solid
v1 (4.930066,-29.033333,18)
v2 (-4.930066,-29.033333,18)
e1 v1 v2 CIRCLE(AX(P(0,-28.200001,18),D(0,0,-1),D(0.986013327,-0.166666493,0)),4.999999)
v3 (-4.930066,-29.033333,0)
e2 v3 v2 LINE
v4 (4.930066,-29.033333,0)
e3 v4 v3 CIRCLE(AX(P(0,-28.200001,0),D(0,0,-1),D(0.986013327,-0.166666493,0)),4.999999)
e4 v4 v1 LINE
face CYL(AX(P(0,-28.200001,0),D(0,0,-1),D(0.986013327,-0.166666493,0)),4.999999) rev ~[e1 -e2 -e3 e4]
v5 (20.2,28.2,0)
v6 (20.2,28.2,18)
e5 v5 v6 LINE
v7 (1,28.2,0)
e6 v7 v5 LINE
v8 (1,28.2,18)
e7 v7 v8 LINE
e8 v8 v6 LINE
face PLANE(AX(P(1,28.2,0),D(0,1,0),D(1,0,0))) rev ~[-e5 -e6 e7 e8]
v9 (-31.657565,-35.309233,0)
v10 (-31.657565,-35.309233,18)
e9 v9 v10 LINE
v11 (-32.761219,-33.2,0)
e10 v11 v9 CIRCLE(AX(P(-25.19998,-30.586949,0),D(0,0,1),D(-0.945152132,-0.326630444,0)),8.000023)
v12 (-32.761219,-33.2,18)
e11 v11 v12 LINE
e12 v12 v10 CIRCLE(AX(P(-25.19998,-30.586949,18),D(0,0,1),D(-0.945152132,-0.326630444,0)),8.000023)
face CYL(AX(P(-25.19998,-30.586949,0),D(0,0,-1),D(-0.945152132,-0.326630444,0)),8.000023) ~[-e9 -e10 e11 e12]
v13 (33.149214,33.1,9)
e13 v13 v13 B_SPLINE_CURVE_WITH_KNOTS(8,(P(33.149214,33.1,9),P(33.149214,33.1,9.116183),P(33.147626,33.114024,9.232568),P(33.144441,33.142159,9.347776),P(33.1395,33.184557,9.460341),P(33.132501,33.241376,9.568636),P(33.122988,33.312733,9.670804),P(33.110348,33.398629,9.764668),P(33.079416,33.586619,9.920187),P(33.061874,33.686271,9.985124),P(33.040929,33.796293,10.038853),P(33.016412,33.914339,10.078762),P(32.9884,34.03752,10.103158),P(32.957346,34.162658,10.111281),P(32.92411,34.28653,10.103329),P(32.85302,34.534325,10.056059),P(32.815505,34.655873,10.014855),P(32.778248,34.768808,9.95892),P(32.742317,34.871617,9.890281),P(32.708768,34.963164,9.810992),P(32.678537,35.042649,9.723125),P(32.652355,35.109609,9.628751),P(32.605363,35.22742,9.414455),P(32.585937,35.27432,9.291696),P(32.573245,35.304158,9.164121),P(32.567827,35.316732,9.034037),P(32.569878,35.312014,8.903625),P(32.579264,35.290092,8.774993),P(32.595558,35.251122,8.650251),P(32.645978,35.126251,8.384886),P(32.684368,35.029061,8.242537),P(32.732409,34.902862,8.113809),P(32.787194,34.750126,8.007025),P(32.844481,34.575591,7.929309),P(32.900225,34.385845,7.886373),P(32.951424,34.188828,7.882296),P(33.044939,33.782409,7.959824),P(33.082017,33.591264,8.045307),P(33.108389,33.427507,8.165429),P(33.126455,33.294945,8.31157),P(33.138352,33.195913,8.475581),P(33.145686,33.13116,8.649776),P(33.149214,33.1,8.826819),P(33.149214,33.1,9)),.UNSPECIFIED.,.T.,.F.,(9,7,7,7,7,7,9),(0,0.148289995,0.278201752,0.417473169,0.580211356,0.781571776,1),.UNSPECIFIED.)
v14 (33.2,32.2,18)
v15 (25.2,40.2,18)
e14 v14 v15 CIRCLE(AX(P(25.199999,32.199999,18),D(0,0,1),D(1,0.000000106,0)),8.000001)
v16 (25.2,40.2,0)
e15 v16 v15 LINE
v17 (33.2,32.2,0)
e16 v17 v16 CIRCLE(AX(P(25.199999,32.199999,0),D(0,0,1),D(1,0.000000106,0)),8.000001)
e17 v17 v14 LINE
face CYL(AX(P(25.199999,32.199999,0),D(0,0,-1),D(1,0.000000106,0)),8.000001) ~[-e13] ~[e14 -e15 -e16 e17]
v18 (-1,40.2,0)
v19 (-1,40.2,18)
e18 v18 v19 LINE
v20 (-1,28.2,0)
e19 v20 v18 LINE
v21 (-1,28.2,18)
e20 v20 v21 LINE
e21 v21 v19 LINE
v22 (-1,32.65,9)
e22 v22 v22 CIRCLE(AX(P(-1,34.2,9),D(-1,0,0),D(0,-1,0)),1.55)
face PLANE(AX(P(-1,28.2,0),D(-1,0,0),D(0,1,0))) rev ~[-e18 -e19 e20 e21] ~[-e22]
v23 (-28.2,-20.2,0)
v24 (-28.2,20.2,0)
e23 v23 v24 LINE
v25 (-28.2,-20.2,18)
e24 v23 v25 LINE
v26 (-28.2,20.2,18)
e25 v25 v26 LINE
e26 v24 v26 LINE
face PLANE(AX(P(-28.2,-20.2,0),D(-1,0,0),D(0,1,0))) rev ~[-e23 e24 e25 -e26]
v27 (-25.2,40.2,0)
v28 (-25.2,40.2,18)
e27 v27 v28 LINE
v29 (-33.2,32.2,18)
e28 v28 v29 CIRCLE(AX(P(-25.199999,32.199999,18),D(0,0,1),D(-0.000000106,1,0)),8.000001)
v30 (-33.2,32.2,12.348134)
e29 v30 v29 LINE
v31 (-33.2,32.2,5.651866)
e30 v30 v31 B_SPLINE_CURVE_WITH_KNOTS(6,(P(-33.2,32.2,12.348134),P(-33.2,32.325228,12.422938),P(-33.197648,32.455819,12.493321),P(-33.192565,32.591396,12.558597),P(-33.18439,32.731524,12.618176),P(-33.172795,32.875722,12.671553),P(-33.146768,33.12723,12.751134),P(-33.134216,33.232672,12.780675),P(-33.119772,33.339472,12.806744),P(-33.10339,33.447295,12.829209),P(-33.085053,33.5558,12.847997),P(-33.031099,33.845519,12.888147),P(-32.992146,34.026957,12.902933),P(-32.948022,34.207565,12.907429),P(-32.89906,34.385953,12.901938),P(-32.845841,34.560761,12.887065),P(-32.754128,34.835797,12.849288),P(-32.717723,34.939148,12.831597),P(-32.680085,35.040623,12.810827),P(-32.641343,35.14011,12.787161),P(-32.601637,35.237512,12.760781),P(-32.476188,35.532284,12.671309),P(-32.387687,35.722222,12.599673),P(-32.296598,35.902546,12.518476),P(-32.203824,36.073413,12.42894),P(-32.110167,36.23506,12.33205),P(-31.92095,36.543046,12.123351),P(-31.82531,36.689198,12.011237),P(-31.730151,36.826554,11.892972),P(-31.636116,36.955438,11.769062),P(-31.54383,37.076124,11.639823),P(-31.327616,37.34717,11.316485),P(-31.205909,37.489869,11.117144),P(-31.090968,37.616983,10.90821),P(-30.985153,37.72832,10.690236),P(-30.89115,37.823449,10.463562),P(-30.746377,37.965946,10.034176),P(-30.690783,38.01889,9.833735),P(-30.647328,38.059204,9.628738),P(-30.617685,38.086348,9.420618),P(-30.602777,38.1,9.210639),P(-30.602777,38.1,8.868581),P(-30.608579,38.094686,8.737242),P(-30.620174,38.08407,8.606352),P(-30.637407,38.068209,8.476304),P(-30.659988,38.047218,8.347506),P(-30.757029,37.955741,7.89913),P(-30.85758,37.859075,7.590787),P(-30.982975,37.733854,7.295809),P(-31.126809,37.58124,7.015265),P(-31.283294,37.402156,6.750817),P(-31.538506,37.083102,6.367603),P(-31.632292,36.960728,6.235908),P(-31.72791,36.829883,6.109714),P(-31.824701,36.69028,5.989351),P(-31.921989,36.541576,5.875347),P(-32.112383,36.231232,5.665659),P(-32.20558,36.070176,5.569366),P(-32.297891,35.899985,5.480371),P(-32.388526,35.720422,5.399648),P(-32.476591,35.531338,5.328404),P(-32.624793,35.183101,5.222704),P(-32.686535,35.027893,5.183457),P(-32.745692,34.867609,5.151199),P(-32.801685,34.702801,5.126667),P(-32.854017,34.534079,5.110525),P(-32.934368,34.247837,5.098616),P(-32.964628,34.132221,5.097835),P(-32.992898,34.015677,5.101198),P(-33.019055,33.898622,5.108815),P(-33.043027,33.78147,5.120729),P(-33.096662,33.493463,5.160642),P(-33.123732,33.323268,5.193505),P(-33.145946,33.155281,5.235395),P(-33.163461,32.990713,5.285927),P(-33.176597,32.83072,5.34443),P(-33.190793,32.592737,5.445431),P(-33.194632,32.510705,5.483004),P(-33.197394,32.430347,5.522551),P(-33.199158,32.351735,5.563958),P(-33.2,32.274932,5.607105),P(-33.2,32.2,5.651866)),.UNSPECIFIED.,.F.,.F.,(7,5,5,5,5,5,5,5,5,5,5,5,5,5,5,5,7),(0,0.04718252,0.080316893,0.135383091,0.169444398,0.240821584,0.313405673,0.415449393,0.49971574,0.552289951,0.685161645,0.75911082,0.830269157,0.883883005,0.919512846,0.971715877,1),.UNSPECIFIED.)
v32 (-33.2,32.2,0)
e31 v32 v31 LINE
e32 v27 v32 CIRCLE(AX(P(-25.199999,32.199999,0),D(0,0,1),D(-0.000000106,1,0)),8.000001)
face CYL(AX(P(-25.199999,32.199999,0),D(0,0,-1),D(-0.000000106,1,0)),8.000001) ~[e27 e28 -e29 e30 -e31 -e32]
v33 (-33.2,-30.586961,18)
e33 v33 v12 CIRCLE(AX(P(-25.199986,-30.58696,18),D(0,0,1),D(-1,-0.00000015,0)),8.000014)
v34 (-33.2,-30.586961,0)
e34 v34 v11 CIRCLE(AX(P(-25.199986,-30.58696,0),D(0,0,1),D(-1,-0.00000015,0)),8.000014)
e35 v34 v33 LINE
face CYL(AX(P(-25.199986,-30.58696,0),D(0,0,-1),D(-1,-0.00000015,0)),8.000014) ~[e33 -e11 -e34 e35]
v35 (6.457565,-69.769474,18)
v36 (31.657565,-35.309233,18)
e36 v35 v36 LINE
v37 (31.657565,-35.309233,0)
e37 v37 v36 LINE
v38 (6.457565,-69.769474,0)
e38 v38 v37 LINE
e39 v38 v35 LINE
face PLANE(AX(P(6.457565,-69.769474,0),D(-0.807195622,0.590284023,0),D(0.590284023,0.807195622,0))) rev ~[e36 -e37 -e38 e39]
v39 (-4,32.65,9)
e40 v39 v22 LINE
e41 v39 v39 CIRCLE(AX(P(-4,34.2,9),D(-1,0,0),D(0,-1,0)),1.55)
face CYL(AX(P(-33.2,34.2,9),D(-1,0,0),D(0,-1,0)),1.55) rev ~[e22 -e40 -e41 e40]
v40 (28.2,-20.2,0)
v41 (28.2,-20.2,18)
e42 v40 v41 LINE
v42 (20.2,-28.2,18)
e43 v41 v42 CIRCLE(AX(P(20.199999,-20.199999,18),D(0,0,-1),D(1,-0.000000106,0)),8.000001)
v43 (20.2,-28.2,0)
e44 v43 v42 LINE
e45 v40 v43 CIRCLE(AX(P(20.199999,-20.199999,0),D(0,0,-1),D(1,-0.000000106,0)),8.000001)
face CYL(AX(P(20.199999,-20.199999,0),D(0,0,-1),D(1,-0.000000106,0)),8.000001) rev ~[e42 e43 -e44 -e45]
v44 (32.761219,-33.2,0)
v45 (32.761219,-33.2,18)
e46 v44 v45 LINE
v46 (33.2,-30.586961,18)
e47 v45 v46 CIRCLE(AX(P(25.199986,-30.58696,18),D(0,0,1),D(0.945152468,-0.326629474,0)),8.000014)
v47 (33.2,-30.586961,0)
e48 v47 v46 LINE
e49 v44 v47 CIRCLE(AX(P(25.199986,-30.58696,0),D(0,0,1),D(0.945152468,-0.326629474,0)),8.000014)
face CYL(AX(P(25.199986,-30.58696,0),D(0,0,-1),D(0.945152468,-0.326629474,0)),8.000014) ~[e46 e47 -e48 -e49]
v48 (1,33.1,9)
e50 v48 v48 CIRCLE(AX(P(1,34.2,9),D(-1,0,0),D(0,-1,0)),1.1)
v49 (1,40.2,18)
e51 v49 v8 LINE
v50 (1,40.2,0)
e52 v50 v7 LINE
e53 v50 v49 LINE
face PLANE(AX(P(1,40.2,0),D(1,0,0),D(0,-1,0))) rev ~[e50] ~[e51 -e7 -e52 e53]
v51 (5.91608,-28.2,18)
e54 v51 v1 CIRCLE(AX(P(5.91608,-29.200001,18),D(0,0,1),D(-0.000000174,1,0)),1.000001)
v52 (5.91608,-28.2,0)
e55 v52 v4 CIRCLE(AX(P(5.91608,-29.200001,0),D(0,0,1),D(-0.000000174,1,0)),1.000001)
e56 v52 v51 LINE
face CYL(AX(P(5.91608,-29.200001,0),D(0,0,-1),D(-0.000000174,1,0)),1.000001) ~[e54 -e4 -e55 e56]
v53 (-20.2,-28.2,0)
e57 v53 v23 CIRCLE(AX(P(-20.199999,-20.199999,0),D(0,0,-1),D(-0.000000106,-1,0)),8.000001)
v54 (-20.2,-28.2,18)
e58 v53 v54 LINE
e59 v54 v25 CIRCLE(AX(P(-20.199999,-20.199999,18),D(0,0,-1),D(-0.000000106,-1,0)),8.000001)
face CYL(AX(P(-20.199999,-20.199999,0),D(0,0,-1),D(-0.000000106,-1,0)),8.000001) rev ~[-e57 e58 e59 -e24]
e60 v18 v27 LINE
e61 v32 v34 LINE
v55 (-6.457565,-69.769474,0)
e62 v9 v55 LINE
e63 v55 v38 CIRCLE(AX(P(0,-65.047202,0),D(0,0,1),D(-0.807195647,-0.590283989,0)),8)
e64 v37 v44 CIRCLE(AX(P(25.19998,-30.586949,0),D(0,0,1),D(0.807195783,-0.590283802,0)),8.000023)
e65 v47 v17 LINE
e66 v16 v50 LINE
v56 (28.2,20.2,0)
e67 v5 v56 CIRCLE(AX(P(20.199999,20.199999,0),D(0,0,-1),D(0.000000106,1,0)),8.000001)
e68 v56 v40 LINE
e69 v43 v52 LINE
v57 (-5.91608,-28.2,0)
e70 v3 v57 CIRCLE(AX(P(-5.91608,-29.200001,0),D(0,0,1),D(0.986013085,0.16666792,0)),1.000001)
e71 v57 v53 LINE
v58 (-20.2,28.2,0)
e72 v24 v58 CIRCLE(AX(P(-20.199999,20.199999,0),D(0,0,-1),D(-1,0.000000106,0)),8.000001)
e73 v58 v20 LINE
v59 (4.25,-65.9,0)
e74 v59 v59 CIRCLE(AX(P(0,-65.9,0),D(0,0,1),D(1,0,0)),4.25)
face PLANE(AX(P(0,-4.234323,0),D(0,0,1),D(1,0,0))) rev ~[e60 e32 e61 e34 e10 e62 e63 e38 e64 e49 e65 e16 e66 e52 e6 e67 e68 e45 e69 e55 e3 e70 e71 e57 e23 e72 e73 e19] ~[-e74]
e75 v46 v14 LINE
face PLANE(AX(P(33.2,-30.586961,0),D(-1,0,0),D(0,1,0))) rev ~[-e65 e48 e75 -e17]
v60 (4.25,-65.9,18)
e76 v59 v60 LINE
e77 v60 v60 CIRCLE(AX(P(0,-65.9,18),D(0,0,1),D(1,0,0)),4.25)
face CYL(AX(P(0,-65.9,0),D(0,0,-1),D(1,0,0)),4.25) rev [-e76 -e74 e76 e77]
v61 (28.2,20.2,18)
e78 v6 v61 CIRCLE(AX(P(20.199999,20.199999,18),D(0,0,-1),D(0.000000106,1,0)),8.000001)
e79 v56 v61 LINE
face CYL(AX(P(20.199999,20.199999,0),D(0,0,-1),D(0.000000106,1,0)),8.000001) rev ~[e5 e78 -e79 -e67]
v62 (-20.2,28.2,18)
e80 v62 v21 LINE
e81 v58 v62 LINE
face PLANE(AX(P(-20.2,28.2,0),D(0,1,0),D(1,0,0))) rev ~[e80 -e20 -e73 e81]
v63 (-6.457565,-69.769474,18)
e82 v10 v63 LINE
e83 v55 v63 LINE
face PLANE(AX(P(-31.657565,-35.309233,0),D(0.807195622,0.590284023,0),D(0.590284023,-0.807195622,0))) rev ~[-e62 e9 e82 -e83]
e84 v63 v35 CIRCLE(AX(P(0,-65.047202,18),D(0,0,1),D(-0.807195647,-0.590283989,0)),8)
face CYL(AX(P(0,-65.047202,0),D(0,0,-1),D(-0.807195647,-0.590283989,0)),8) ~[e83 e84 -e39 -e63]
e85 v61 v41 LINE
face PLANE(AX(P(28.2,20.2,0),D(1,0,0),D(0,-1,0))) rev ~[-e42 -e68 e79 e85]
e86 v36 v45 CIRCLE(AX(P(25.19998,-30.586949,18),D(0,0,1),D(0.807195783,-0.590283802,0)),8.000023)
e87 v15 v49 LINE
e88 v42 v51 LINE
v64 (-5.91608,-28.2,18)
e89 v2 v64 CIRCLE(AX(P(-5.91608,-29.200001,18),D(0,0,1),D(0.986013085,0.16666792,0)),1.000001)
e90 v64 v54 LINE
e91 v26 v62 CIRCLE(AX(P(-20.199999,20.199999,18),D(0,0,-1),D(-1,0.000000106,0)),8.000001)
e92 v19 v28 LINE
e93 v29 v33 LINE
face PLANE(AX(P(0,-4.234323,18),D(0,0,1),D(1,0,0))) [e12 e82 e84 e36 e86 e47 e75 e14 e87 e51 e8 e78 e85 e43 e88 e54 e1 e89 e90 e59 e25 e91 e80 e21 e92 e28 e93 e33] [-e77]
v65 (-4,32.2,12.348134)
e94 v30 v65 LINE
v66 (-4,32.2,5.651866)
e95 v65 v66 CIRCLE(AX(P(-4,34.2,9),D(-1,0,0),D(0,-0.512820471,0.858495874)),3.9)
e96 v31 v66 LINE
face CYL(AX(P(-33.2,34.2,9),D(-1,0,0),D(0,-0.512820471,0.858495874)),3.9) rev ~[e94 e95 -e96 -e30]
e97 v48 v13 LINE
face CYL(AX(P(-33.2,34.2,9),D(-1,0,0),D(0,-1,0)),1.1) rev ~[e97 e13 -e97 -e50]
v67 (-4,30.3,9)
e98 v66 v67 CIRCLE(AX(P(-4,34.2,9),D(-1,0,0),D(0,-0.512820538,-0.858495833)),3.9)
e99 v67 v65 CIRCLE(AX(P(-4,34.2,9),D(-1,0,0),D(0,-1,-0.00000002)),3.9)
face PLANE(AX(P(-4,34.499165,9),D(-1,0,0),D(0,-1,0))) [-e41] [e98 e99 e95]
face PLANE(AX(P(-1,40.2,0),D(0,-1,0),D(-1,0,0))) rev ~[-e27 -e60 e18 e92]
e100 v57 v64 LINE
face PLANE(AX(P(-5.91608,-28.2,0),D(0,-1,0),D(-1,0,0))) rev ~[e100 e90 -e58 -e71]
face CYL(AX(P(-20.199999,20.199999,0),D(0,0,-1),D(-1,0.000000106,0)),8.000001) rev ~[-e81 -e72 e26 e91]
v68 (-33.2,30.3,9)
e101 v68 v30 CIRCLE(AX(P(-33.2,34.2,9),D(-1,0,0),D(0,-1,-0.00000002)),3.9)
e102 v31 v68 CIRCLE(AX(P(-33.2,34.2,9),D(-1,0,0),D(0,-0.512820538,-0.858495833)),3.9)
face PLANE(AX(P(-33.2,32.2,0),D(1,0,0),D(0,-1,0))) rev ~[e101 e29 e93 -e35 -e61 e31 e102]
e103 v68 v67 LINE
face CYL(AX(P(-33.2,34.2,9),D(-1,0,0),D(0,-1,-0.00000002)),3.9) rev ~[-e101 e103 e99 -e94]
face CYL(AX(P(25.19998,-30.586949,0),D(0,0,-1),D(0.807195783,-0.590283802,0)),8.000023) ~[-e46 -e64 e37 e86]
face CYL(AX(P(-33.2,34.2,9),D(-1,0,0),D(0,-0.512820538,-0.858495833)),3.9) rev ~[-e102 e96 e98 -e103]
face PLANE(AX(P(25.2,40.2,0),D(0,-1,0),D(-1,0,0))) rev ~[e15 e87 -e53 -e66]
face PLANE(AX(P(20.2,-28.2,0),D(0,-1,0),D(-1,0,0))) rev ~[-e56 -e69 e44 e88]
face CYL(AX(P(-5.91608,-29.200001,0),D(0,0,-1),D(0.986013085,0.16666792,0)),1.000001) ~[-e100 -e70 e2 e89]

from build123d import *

# Parameters (mm, degrees)
F0_R     = 4.25
F1_DEPTH = 18
F2_R     = 1.1
F3_DEPTH = 66.401
F2_R_2   = 1.55
F4_DEPTH = 33.2
F5_DEPTH = 29.2


with BuildPart() as f1:
    # F0 (on Top) → F1 (new body)
    with BuildSketch(Plane.XY):
        with BuildLine():
            ThreePointArc((32.761219, -33.2), (33.089542, -31.911773), (33.2, -30.586961))
            Line((33.2, -30.586961), (33.2, 32.2))
            ThreePointArc((33.2, 32.2), (30.856854, 37.856854), (25.2, 40.2))
            Line((25.2, 40.2), (1, 40.2))
            Line((1, 40.2), (1, 33.2))
            Line((1, 33.2), (1, 28.2))
            Line((1, 28.2), (20.2, 28.2))
            ThreePointArc((20.2, 28.2), (25.856854, 25.856854), (28.2, 20.2))
            Line((28.2, 20.2), (28.2, -20.2))
            ThreePointArc((28.2, -20.2), (25.856854, -25.856854), (20.2, -28.2))
            Line((20.2, -28.2), (5.91608, -28.2))
            ThreePointArc((5.91608, -28.2), (5.270583, -28.436237), (4.930066, -29.033333))
            ThreePointArc((4.930066, -29.033333), (0, -33.2), (-4.930066, -29.033333))
            ThreePointArc((-4.930066, -29.033333), (-5.270583, -28.436237), (-5.91608, -28.2))
            Line((-5.91608, -28.2), (-20.2, -28.2))
            ThreePointArc((-20.2, -28.2), (-25.856854, -25.856854), (-28.2, -20.2))
            Line((-28.2, -20.2), (-28.2, 20.2))
            ThreePointArc((-28.2, 20.2), (-25.856854, 25.856854), (-20.2, 28.2))
            Line((-20.2, 28.2), (-1, 28.2))
            Line((-1, 28.2), (-1, 33.2))
            Line((-1, 33.2), (-1, 40.2))
            Line((-1, 40.2), (-25.2, 40.2))
            ThreePointArc((-25.2, 40.2), (-30.856854, 37.856854), (-33.2, 32.2))
            Line((-33.2, 32.2), (-33.2, -30.586961))
            ThreePointArc((-33.2, -30.586961), (-33.089542, -31.911773), (-32.761219, -33.2))
            ThreePointArc((-32.761219, -33.2), (-32.288285, -34.295898), (-31.657565, -35.309233))
            Line((-31.657565, -35.309233), (-6.457565, -69.769474))
            ThreePointArc((-6.457565, -69.769474), (0, -73.047202), (6.457565, -69.769474))
            Line((6.457565, -69.769474), (31.657565, -35.309233))
            ThreePointArc((31.657565, -35.309233), (32.288285, -34.295898), (32.761219, -33.2))
        make_face()
        with Locations((0, -65.9)):
            Circle(F0_R, mode=Mode.SUBTRACT)
    extrude(amount=F1_DEPTH)

    # F2 (on face) → F3 (cut, through all)
    with BuildSketch(Plane(origin=(-33.2, 0, 0), x_dir=(0, -1, 0), z_dir=(-1, 0, 0))):
        with Locations((-34.2, 9)):
            Circle(F2_R)
    extrude(amount=-F3_DEPTH, mode=Mode.SUBTRACT)

    # F2 (on face) → F4 (cut)
    with BuildSketch(Plane(origin=(-33.2, 0, 0), x_dir=(0, -1, 0), z_dir=(-1, 0, 0))):
        with Locations((-34.2, 9)):
            Circle(F2_R_2)
        with Locations((-34.2, 9)):
            Circle(F2_R, mode=Mode.SUBTRACT)
    extrude(amount=-F4_DEPTH, mode=Mode.SUBTRACT)

    # F2 (on face) → F5 (cut)
    with BuildSketch(Plane(origin=(-33.2, 0, 0), x_dir=(0, -1, 0), z_dir=(-1, 0, 0))):
        with BuildLine():
            Line((-32.2, 5.651866), (-32.2, 12.348134))
            ThreePointArc((-32.2, 12.348134), (-38.1, 9), (-32.2, 5.651866))
        make_face()
        with Locations((-34.2, 9)):
            Circle(F2_R_2, mode=Mode.SUBTRACT)
        with BuildLine():
            ThreePointArc((-32.2, 5.651866), (-30.808098, 7.075162), (-30.3, 9))
            ThreePointArc((-30.3, 9), (-30.808098, 10.924838), (-32.2, 12.348134))
            Line((-32.2, 12.348134), (-32.2, 5.651866))
        make_face()
    extrude(amount=-F5_DEPTH, mode=Mode.SUBTRACT)


solid = f1.part
